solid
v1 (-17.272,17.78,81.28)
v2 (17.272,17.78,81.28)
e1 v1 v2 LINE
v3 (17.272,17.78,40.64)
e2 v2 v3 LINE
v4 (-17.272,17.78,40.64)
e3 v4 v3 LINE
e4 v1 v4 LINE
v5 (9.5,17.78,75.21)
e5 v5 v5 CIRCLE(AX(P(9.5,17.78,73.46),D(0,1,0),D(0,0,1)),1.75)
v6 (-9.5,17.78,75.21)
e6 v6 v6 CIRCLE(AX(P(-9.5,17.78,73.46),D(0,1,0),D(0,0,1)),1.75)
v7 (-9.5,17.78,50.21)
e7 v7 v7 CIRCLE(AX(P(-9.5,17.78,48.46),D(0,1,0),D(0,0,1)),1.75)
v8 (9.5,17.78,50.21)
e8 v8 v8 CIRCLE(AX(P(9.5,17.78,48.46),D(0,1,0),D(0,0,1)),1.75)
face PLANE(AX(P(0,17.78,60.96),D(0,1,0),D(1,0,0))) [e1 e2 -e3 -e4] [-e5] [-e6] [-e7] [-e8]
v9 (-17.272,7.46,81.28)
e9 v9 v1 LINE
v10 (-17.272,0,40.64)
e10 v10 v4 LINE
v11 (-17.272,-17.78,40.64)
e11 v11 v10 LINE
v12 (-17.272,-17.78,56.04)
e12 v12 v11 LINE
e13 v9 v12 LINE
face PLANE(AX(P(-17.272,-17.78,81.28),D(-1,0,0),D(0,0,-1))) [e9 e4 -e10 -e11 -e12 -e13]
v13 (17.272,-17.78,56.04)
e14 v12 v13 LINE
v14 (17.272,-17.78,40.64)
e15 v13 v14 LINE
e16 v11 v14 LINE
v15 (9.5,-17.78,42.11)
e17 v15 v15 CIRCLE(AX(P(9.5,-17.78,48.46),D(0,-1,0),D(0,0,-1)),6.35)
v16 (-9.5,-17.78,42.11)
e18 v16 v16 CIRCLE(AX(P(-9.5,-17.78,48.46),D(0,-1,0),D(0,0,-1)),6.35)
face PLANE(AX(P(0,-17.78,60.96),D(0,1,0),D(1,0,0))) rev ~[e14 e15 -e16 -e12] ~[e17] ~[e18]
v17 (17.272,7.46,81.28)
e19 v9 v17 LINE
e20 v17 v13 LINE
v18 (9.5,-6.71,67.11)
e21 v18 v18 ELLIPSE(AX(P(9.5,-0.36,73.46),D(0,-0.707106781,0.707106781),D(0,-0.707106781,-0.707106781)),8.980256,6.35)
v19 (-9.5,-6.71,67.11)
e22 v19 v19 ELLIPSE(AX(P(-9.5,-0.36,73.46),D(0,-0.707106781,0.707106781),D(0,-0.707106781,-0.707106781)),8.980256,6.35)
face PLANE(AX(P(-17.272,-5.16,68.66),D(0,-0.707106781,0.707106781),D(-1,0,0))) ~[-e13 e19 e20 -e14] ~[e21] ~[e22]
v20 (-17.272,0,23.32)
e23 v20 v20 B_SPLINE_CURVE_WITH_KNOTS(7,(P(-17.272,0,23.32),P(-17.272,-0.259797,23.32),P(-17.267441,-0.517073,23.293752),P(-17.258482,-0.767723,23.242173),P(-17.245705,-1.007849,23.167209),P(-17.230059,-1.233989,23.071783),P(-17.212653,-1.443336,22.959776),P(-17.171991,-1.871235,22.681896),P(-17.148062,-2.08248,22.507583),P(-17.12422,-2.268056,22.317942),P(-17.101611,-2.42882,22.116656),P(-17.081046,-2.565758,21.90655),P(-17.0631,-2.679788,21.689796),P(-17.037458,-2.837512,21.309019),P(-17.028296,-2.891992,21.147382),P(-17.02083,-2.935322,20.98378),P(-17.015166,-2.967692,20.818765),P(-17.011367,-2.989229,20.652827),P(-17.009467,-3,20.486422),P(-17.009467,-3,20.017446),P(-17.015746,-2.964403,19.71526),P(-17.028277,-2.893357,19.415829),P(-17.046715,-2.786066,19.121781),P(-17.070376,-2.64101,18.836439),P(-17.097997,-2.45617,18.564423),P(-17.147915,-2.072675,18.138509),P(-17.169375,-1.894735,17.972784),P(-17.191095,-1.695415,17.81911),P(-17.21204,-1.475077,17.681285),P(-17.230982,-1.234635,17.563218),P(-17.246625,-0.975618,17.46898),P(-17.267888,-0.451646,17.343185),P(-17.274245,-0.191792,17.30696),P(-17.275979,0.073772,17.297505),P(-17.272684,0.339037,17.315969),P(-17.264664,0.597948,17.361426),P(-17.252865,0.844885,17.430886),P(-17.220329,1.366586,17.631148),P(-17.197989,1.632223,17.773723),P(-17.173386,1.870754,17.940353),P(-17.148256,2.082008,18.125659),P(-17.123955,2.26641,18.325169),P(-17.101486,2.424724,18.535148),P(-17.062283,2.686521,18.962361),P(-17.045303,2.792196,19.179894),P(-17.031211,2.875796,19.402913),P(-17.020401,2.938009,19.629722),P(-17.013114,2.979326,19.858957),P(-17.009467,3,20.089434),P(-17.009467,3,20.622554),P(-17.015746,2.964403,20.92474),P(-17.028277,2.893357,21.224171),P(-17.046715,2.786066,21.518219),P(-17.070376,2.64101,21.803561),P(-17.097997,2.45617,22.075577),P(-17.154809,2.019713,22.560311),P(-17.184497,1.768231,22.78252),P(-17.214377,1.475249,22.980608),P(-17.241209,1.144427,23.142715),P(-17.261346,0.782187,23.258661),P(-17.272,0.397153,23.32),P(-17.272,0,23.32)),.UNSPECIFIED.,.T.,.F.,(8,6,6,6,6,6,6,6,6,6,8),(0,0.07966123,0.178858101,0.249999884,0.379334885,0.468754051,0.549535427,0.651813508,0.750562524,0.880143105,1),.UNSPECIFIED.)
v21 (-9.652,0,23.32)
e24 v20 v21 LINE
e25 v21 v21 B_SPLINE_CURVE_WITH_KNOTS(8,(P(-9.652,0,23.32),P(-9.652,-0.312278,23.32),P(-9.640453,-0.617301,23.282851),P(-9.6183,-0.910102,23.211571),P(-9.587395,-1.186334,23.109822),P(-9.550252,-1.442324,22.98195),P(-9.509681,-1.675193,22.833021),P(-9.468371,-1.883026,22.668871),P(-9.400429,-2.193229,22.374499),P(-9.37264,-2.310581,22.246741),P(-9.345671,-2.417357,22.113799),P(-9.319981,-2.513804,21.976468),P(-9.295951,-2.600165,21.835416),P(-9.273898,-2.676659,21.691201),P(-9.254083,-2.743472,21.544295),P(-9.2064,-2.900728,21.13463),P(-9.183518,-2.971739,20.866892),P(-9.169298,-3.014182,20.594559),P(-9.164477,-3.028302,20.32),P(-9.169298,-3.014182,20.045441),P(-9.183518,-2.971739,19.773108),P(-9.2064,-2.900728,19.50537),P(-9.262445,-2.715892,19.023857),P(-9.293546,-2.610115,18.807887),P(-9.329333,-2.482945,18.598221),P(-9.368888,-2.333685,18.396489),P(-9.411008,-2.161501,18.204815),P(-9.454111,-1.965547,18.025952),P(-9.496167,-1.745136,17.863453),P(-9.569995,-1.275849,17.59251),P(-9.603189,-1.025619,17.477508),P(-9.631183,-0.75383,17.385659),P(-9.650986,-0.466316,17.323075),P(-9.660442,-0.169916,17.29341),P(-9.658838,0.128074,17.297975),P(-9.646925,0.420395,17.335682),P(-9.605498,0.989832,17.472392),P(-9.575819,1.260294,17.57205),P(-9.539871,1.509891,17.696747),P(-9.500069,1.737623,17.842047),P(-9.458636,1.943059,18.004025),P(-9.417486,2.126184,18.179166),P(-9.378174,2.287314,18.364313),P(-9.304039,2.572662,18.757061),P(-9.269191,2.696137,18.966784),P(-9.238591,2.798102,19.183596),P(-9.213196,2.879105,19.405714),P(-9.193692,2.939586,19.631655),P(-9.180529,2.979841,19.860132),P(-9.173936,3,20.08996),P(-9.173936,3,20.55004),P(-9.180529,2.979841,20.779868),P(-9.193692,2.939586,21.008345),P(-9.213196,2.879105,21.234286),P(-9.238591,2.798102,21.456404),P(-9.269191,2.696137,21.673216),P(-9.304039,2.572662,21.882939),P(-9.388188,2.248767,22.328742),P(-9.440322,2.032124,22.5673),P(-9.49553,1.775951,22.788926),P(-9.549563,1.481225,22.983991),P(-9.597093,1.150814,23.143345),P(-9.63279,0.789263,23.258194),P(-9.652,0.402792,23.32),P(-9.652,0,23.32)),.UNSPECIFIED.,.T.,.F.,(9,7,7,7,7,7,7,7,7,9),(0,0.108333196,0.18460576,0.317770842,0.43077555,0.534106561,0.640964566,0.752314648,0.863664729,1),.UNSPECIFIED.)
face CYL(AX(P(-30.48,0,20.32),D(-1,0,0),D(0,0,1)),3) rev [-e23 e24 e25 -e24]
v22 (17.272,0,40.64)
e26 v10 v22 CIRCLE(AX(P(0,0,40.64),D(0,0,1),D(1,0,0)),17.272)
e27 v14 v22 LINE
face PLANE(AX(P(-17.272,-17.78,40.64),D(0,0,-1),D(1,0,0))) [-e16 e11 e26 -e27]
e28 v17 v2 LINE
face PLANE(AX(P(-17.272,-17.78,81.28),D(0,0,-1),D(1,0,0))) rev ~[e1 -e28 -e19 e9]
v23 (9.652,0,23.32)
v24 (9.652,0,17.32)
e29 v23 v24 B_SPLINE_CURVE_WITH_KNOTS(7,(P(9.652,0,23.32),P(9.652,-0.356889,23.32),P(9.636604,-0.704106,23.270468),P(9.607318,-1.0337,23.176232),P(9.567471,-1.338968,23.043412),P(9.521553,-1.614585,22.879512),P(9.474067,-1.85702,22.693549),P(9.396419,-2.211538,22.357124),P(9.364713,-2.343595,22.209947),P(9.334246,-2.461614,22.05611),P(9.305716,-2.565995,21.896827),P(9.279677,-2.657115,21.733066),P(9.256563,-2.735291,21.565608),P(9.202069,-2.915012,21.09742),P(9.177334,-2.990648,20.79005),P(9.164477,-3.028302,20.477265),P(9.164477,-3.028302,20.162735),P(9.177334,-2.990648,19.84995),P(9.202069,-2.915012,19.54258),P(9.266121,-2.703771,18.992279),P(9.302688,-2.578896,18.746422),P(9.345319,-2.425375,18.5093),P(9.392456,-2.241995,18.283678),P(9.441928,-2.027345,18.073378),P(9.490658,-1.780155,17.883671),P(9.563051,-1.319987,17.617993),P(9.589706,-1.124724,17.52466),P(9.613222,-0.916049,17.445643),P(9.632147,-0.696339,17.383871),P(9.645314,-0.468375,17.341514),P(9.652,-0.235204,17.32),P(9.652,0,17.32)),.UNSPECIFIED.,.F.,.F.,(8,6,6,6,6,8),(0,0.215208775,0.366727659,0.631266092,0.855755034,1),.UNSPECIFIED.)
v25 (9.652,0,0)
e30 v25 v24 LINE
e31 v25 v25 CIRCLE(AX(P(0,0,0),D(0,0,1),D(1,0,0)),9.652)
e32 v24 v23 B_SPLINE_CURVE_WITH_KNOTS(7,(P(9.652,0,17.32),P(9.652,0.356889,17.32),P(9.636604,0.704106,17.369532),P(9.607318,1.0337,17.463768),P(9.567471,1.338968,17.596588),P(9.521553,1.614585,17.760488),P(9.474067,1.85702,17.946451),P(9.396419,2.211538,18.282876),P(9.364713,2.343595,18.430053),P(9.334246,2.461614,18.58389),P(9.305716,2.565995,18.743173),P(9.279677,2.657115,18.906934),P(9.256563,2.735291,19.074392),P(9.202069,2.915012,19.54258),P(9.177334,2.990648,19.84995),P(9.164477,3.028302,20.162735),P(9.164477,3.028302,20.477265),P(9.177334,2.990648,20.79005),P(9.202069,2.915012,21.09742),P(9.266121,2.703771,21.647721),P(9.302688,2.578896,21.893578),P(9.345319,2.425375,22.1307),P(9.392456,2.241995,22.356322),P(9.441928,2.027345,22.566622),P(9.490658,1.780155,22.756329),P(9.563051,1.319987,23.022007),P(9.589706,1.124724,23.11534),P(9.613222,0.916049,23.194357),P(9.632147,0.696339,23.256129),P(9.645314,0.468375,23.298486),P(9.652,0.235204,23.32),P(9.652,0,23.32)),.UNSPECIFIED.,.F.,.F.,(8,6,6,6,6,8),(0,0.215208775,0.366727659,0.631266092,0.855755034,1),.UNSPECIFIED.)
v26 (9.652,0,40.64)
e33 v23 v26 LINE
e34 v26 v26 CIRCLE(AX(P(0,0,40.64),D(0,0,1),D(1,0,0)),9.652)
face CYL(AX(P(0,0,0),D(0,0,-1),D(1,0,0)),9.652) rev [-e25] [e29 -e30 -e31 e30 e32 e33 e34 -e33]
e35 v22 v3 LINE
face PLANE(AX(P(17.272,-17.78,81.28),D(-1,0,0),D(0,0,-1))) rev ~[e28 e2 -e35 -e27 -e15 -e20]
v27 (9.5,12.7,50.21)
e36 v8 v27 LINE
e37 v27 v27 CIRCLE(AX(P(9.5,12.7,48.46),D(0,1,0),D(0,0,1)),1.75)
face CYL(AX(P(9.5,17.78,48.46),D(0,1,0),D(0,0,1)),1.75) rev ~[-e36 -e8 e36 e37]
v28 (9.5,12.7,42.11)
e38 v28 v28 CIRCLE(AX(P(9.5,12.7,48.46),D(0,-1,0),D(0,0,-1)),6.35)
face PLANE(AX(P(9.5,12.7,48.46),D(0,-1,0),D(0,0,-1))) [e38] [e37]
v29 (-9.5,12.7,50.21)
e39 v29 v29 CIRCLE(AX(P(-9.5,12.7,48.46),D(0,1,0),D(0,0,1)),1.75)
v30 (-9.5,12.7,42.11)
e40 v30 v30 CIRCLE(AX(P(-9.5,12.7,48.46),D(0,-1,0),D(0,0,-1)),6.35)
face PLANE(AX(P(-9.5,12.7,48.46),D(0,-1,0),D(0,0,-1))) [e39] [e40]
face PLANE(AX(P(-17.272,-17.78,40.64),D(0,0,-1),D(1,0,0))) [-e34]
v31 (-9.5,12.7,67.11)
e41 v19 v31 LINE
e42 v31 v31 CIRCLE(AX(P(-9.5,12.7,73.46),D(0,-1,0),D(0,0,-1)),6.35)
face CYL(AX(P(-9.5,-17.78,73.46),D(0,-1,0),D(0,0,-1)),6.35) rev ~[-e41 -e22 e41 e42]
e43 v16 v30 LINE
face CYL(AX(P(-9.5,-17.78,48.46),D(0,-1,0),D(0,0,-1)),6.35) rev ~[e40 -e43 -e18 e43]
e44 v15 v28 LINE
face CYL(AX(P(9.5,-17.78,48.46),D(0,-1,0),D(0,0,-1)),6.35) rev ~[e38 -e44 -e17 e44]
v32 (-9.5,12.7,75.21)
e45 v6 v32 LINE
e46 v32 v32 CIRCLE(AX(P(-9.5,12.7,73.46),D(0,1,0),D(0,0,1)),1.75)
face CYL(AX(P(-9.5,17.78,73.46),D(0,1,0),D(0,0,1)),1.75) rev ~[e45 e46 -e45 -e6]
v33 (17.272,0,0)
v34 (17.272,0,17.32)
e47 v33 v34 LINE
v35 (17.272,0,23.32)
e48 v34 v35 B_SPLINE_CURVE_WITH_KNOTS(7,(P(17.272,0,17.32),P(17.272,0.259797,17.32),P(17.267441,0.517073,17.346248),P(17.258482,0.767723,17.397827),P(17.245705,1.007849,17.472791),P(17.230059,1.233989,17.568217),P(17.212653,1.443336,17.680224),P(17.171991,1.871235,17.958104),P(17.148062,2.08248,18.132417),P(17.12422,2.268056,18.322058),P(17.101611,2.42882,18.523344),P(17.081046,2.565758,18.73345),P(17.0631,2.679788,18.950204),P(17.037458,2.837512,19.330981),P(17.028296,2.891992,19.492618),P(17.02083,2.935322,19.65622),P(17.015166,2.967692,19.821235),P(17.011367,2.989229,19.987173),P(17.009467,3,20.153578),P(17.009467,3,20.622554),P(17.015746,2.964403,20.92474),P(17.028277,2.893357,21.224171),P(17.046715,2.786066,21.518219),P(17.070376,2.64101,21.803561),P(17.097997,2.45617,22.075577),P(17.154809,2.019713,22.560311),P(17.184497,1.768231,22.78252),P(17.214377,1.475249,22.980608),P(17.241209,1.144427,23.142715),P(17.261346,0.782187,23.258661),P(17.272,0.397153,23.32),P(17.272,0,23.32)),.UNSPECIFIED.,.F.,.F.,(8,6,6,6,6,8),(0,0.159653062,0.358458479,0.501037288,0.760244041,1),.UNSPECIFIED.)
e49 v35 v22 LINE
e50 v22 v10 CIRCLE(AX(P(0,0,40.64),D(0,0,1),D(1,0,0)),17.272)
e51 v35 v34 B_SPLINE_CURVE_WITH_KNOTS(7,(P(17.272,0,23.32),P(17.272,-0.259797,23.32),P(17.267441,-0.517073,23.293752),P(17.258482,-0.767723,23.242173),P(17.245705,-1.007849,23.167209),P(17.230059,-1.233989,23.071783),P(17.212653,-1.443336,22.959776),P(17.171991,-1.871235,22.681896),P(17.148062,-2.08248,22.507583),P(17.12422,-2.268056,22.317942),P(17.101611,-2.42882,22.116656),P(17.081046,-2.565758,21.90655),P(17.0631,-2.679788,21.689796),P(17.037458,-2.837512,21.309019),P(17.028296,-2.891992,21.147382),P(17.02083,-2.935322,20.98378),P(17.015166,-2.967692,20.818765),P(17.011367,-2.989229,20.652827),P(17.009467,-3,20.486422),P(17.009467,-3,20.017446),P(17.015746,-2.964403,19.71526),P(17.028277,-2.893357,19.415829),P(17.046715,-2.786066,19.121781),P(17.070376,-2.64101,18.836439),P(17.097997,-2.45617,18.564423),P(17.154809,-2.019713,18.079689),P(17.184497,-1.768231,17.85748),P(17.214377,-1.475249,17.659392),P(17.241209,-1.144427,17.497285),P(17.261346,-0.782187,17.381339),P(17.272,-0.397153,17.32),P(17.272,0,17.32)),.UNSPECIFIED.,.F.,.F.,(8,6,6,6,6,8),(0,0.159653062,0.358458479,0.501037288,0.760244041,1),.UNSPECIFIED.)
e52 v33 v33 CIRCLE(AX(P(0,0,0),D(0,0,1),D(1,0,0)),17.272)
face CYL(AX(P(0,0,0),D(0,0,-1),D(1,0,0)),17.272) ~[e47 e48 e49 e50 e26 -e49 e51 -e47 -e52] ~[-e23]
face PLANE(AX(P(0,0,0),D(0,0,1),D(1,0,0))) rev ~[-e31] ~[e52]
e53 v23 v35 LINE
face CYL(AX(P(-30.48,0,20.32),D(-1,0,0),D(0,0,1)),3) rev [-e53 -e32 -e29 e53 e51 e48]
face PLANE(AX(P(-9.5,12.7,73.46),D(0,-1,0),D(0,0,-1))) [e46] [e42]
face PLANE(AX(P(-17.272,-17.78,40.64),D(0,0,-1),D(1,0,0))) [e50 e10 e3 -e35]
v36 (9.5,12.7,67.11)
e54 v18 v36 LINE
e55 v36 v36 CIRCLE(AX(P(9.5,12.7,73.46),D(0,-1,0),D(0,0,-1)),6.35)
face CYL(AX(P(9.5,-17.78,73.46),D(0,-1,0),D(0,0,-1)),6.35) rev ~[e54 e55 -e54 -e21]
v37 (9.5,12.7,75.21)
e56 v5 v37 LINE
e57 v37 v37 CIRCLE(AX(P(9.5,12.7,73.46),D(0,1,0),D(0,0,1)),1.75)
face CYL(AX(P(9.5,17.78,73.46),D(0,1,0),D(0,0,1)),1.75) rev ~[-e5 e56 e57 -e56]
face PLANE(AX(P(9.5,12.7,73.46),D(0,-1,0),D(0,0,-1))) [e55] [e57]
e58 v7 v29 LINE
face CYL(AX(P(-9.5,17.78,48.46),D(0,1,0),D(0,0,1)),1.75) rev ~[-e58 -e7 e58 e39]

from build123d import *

# Parameters (mm, degrees)
SKETCH1_R                = 17.272
SKETCH1_R_2              = 9.652
BOSS_EXTRUDE1_DEPTH      = 40.64
BOSS_EXTRUDE2_DEPTH      = 17.78
BOSS_EXTRUDE2_DEPTH_BACK = 17.78
SKETCH3_W                = 34.544
SKETCH3_H                = 40.64
CHAMFER1_SIZE            = 25.24
SKETCH5_R                = 1.75
CUT_EXTRUDE2_DEPTH       = 40.64
SKETCH7_R                = 6.35
CUT_EXTRUDE6_DEPTH       = 30.48
CUT_EXTRUDE7_DEPTH       = 30.48
CUT_EXTRUDE7_DEPTH_BACK  = 30.48
SKETCH8_R                = 3


with BuildPart() as part:
    # Sketch1 → Boss-Extrude1 (new body)
    with BuildSketch(Plane.XY):
        Circle(SKETCH1_R)
        Circle(SKETCH1_R_2, mode=Mode.SUBTRACT)
    extrude(amount=BOSS_EXTRUDE1_DEPTH)

    # Sketch3 → Boss-Extrude2 (add, two sides: drawn at the far end of the back side and taken through both)
    with BuildSketch(Plane(origin=(0, 0, 0), x_dir=(1, 0, 0), z_dir=(0, 1, 0)).offset(-BOSS_EXTRUDE2_DEPTH_BACK)):
        with Locations((0, -60.96)):
            Rectangle(SKETCH3_W, SKETCH3_H)
    extrude(amount=BOSS_EXTRUDE2_DEPTH + BOSS_EXTRUDE2_DEPTH_BACK)

    # Chamfer1
    chamfer1_edges = [part.edges().sort_by_distance(p)[0] for p in [
        (0, -17.78, 81.28),
    ]]
    chamfer(chamfer1_edges, length=CHAMFER1_SIZE)

    # Sketch5 → Cut-Extrude2 (cut)
    with BuildSketch(Plane(origin=(0, 17.78, 0), x_dir=(1, 0, 0), z_dir=(0, 1, 0))):
        with Locations(Location((-9.5, -48.46, 0), (0, 0, 270))):
            Circle(SKETCH5_R)
        with Locations(Location((9.5, -48.46, 0), (0, 0, 270))):
            Circle(SKETCH5_R)
        with Locations(Location((9.5, -73.46, 0), (0, 0, 270))):
            Circle(SKETCH5_R)
        with Locations(Location((-9.5, -73.46, 0), (0, 0, 270))):
            Circle(SKETCH5_R)
    extrude(amount=-CUT_EXTRUDE2_DEPTH, mode=Mode.SUBTRACT)

    # Sketch7 → Cut-Extrude6 (cut)
    with BuildSketch(Plane.XZ.offset(17.78)):
        with Locations(Location((-9.5, 73.46, 0), (0, 0, 270))):
            Circle(SKETCH7_R)
        with Locations(Location((9.5, 73.46, 0), (0, 0, 270))):
            Circle(SKETCH7_R)
        with Locations(Location((-9.5, 48.46, 0), (0, 0, 270))):
            Circle(SKETCH7_R)
        with Locations(Location((9.5, 48.46, 0), (0, 0, 270))):
            Circle(SKETCH7_R)
    extrude(amount=-CUT_EXTRUDE6_DEPTH, mode=Mode.SUBTRACT)

    # Sketch8 → Cut-Extrude7 (cut, two sides: drawn at the far end of the back side and taken through both)
    with BuildSketch(Plane(origin=(0, 0, 0), x_dir=(0, 0, -1), z_dir=(1, 0, 0)).offset(-CUT_EXTRUDE7_DEPTH_BACK)):
        with Locations(Location((-20.32, 0, 0), (0, 0, 180))):
            Circle(SKETCH8_R)
    extrude(amount=CUT_EXTRUDE7_DEPTH + CUT_EXTRUDE7_DEPTH_BACK, mode=Mode.SUBTRACT)


solid = part.part
